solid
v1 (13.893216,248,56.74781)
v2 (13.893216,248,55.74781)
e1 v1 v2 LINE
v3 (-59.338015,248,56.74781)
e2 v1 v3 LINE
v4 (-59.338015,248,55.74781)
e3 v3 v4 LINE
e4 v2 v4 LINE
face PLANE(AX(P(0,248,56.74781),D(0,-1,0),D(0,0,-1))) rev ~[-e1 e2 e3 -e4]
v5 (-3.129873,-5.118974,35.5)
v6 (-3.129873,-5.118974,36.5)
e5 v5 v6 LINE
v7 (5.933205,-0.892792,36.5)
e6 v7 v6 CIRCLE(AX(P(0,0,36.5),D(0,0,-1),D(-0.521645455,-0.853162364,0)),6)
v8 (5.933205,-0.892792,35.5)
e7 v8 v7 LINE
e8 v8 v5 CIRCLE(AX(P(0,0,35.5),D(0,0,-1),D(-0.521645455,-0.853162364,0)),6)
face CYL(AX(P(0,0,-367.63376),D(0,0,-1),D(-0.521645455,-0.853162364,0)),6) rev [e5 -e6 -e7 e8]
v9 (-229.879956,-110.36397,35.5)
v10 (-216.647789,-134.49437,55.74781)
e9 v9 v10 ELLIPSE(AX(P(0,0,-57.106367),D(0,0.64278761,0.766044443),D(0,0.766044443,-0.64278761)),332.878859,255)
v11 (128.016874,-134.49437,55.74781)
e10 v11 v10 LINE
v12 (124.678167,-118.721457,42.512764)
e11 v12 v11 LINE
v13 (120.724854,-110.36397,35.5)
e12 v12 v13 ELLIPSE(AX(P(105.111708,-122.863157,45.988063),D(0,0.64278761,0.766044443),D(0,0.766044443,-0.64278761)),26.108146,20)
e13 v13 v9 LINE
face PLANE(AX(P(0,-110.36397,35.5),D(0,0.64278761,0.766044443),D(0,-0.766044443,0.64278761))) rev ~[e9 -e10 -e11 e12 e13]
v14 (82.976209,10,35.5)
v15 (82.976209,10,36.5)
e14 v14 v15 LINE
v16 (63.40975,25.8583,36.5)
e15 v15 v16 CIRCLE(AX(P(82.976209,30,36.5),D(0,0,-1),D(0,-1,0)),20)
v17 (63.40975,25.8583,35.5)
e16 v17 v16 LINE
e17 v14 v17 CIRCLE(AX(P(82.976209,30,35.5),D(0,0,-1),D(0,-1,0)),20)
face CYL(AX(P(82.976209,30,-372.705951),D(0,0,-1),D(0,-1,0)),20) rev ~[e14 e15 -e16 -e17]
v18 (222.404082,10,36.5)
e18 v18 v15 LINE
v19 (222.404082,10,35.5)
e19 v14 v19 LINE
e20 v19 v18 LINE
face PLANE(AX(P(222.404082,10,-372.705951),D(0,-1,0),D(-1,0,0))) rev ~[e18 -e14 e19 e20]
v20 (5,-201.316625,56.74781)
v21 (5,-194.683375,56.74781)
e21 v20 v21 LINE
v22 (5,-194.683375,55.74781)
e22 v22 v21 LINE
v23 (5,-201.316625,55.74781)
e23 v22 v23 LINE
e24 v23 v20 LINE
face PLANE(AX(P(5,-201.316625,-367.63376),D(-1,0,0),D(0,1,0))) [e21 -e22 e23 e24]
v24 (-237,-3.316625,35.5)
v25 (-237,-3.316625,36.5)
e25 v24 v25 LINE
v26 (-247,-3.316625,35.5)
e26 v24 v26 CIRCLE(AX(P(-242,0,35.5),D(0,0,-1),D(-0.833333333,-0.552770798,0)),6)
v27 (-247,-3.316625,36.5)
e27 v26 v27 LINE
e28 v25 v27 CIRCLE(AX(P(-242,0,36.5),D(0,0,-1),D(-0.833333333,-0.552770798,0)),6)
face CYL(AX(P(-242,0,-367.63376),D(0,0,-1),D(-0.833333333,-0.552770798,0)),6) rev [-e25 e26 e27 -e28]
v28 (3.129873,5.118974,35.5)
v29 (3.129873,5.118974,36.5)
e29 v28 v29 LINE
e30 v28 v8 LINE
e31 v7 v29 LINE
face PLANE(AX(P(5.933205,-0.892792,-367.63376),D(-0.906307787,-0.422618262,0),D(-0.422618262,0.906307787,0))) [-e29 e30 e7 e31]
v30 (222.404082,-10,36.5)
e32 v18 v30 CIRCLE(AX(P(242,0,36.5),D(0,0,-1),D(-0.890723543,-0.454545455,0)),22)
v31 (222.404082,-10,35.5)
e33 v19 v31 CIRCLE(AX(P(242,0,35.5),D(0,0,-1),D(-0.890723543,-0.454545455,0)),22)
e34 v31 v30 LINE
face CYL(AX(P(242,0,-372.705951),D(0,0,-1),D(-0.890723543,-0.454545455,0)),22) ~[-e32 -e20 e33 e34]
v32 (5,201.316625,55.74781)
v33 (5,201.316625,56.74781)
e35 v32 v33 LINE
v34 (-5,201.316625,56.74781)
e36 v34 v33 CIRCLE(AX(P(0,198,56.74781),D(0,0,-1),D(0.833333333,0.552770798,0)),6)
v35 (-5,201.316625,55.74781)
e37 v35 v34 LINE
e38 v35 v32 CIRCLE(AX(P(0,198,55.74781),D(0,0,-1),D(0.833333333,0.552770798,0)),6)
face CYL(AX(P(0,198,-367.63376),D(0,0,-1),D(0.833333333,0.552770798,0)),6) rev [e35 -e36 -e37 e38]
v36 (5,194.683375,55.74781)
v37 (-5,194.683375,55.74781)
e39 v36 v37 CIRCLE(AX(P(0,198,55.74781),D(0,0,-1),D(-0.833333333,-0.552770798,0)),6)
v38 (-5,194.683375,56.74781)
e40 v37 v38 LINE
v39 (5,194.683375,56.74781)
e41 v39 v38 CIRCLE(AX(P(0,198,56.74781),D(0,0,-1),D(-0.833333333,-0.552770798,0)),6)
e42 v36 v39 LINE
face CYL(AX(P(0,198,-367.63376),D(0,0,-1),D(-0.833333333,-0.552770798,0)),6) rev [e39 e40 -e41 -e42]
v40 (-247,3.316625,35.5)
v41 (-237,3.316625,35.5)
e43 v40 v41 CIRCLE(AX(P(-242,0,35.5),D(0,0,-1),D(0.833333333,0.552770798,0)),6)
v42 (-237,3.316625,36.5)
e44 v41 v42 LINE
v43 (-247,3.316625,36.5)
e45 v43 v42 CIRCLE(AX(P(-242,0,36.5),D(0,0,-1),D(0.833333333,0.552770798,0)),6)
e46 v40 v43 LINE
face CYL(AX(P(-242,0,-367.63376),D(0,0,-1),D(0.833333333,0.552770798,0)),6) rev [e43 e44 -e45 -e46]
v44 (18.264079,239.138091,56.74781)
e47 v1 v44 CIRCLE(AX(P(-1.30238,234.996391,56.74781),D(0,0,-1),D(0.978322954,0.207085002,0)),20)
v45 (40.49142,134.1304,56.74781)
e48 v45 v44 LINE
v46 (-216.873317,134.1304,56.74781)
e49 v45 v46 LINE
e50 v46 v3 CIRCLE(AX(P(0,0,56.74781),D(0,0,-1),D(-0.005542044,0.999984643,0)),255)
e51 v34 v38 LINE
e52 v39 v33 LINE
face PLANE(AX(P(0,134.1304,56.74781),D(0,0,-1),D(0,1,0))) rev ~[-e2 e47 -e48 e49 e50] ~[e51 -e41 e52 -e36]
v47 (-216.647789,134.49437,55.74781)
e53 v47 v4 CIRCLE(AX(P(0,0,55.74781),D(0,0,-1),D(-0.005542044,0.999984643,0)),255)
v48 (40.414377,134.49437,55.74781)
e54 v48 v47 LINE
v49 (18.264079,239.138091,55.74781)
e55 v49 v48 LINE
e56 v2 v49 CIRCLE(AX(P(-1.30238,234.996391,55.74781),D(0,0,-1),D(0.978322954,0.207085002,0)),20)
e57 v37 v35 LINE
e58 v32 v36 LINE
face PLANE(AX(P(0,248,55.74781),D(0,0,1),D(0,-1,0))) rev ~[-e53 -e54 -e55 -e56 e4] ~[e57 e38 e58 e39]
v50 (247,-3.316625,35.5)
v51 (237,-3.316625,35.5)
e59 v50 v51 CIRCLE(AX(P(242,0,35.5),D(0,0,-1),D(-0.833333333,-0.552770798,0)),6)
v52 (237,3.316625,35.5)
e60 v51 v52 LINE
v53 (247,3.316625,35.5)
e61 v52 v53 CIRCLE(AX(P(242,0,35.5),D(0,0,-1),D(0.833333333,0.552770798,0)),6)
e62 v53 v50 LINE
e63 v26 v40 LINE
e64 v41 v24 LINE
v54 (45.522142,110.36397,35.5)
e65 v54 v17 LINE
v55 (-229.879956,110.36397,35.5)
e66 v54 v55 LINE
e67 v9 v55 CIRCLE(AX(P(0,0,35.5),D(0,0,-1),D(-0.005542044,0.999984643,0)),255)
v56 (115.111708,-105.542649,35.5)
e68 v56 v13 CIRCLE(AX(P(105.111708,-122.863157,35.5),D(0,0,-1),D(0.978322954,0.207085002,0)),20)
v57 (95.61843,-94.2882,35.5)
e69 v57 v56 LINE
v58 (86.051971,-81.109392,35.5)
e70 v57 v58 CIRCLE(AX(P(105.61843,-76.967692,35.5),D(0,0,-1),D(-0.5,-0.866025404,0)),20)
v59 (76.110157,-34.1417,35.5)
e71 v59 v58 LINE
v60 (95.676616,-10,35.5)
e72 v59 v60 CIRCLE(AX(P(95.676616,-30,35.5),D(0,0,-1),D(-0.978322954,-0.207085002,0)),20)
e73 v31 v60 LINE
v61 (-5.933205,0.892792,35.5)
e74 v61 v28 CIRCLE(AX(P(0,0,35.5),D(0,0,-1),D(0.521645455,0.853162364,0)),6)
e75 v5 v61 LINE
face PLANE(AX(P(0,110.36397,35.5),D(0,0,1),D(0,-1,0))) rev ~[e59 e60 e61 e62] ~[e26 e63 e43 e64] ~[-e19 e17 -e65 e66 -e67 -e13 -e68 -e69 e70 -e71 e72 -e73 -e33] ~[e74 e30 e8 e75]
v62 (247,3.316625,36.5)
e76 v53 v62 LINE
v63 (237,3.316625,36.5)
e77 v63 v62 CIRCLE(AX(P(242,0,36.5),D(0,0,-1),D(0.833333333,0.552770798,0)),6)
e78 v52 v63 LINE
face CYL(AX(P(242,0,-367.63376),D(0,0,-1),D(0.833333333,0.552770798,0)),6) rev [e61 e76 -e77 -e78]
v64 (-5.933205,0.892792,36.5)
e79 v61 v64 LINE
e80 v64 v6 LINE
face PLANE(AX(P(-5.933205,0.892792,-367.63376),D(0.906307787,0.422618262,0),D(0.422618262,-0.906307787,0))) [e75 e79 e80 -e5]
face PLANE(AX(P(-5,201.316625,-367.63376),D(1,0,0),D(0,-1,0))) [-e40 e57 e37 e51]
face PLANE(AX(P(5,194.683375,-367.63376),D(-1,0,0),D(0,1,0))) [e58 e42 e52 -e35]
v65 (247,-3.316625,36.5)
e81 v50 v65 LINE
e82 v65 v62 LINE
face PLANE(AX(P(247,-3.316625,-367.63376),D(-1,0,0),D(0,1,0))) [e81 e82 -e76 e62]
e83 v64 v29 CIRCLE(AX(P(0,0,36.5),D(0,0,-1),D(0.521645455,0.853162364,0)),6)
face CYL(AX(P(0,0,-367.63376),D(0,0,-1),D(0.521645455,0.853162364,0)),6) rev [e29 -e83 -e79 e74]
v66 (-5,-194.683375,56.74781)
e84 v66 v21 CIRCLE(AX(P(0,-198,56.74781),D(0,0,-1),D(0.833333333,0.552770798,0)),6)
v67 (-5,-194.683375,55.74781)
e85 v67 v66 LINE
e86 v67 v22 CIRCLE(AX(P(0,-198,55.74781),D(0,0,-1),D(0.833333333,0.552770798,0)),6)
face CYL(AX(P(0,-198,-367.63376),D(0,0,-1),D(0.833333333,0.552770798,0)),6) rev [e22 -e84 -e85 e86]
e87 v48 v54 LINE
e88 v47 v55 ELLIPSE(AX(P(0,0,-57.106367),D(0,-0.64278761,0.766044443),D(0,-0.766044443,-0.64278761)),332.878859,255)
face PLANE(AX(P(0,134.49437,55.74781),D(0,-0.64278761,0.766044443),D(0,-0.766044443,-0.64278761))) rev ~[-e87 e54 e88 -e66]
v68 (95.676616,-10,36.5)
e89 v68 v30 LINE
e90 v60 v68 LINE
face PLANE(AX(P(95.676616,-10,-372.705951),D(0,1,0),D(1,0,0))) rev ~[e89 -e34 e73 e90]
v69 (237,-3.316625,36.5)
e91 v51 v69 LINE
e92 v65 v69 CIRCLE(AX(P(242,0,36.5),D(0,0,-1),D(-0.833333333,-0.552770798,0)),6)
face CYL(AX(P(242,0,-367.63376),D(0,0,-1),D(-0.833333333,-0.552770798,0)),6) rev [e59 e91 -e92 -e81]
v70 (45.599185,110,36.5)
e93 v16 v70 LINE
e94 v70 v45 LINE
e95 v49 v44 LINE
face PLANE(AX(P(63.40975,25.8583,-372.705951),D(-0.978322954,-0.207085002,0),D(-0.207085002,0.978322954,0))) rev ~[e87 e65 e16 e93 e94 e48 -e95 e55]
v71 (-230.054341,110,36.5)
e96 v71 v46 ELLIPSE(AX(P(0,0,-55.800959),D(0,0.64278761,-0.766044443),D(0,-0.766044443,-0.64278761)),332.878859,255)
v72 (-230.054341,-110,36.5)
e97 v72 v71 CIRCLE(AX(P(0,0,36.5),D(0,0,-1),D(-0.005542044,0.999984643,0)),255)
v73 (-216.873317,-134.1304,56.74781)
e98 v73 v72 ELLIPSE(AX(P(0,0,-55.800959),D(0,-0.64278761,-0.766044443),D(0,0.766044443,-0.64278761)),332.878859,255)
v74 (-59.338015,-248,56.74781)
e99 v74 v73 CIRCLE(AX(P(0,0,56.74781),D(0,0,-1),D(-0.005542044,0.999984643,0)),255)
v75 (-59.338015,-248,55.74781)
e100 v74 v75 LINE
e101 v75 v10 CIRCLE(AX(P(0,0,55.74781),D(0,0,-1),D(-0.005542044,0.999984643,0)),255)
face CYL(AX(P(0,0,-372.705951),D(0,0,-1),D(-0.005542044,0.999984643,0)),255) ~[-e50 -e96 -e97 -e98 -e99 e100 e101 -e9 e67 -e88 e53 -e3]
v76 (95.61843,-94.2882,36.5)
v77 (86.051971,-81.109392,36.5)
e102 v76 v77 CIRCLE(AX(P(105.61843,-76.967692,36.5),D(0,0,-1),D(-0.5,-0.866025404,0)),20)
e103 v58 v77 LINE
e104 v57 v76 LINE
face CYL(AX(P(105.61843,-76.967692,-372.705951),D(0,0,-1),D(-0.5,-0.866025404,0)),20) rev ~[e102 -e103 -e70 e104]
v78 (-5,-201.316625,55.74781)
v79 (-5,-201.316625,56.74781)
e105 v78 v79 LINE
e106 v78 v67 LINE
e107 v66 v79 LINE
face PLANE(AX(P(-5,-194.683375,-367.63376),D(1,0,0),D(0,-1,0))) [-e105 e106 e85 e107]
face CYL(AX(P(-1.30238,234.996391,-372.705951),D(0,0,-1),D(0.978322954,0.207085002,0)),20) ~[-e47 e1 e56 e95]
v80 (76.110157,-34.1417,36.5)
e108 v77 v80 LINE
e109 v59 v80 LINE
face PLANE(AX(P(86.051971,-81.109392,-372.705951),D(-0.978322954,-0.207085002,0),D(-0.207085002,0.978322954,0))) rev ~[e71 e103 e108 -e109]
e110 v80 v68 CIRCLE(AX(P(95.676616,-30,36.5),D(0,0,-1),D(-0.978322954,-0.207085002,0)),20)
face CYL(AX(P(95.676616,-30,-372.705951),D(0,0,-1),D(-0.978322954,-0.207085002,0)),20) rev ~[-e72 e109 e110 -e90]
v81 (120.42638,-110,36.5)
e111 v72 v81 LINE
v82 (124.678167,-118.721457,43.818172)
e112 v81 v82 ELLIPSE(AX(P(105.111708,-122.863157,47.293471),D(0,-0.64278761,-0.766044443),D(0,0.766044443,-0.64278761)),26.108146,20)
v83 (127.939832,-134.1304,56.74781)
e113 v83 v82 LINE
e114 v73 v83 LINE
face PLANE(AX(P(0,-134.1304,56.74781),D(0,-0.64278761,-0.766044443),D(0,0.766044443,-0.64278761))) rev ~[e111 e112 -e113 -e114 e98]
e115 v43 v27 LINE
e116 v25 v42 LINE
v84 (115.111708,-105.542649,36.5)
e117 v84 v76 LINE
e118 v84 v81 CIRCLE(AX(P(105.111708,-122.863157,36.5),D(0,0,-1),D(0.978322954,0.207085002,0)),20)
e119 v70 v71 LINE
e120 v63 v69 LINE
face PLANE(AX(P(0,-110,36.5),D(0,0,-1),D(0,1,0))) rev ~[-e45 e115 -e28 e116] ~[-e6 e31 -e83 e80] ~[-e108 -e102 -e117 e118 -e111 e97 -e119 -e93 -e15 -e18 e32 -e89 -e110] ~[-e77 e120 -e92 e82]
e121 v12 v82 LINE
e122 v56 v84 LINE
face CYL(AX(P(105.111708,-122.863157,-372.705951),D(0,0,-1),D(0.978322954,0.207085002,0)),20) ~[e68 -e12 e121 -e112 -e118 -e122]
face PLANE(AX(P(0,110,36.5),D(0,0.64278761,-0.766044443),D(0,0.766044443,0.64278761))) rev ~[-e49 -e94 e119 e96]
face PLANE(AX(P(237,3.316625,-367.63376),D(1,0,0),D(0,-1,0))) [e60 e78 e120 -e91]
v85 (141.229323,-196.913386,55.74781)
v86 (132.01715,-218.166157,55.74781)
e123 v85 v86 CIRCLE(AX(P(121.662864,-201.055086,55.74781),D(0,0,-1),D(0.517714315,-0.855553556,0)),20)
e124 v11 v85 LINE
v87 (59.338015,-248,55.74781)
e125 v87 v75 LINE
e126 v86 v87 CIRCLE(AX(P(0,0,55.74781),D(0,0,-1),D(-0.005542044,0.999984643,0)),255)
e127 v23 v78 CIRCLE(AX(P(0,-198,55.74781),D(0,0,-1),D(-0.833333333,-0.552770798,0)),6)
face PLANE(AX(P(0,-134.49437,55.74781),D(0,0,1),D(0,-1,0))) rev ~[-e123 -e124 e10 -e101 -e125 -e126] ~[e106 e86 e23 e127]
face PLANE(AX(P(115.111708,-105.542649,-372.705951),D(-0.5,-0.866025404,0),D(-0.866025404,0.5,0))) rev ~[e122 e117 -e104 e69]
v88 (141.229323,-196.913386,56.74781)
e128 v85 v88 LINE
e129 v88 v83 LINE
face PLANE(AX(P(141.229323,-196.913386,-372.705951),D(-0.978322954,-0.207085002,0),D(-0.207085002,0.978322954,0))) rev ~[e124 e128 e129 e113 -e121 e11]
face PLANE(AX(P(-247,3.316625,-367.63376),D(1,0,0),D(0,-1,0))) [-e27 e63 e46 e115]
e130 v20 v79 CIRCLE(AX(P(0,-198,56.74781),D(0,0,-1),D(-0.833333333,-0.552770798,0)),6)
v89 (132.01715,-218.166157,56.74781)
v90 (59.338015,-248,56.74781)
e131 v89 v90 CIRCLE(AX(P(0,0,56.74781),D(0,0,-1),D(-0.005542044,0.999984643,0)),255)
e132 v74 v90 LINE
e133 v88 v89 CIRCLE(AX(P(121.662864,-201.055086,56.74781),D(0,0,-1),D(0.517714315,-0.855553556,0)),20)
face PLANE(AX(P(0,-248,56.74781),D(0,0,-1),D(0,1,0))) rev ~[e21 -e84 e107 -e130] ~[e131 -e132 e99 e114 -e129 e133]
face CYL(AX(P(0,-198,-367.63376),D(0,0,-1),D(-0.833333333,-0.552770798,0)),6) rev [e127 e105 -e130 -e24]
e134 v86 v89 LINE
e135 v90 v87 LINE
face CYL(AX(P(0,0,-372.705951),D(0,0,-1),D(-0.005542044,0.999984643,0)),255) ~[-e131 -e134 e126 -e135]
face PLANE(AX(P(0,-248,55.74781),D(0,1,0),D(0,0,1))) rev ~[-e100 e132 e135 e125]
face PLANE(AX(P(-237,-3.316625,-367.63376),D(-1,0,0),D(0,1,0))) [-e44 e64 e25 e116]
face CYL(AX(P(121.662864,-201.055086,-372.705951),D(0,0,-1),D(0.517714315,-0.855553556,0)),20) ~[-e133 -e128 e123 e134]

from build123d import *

# Parameters (mm, degrees)
SALIENTE_EXTRUIR1_DEPTH    = 271
CORTAR_EXTRUIR6_DEPTH      = 372.705950862
CORTAR_EXTRUIR6_DEPTH_BACK = 372.705950862
CROQUIS2_W                 = 769.435607064
CROQUIS2_H                 = 651.661171996
CORTAR_EXTRUIR9_DEPTH      = 367.633759911
CORTAR_EXTRUIR9_DEPTH_BACK = 367.633759911


with BuildPart() as part:
    # Croquis1 → Saliente-Extruir1 (new, symmetric)
    with BuildSketch(Plane(origin=(0, 0, 0), x_dir=(0, 0, -1), z_dir=(1, 0, 0))):
        Polygon((-36.5, -110), (-36.5, 110), (-56.747809705, 134.130399958), (-56.747809705, 248), (-55.747809705, 248), (-55.747809705, 134.494370193), (-35.5, 110.363970234), (-35.5, -110.363970234), (-55.747809705, -134.494370193), (-55.747809705, -248), (-56.747809705, -248), (-56.747809705, -134.130399958), align=None)
    extrude(amount=SALIENTE_EXTRUIR1_DEPTH, both=True)

    # Croquis2 → Cortar-Extruir6 (cut, two sides: drawn at the far end of the back side and taken through both)
    with BuildSketch(Plane.XY.offset(-CORTAR_EXTRUIR6_DEPTH_BACK)):
        Rectangle(CROQUIS2_W, CROQUIS2_H)
        with BuildLine():
            ThreePointArc((18.264078831, 239.138091094), (11.247490428, 250.568826506), (-1.413221116, 254.996083903))
            ThreePointArc((-1.413221116, 254.996083903), (-245.428142449, -69.210020185), (132.017150423, -218.166156849))
            ThreePointArc((132.017150423, -218.166156849), (140.013145358, -209.009152502), (141.22932319, -196.913385678))
            Line((141.22932319, -196.913385678), (124.678167335, -118.72145722))
            ThreePointArc((124.678167335, -118.72145722), (121.297013967, -111.114290122), (115.11170826, -105.54264919))
            Line((115.11170826, -105.54264919), (95.618429873, -94.288199666))
            ThreePointArc((95.618429873, -94.288199666), (89.433124166, -88.716558735), (86.051970798, -81.109391636))
            Line((86.051970798, -81.109391636), (76.110157122, -34.141700046))
            ThreePointArc((76.110157122, -34.141700046), (80.139016625, -17.407025787), (95.676616197, -10))
            Line((95.676616197, -10), (222.404082058, -10))
            ThreePointArc((222.404082058, -10), (264, 0), (222.404082058, 10))
            Line((222.404082058, 10), (82.976208739, 10))
            ThreePointArc((82.976208739, 10), (70.383234525, 14.462400428), (63.409749664, 25.858299954))
            Line((63.409749664, 25.858299954), (18.264078831, 239.138091094))
        make_face(mode=Mode.SUBTRACT)
    extrude(amount=CORTAR_EXTRUIR6_DEPTH + CORTAR_EXTRUIR6_DEPTH_BACK, mode=Mode.SUBTRACT)

    # Croquis4 → Cortar-Extruir9 (cut, two sides: drawn at the far end of the back side and taken through both)
    with BuildSketch(Plane.XY.offset(-CORTAR_EXTRUIR9_DEPTH_BACK)):
        with BuildLine():
            Line((-5, 201.31662479), (-5, 194.68337521))
            ThreePointArc((-5, 194.68337521), (0, 192), (5, 194.68337521))
            Line((5, 194.68337521), (5, 201.31662479))
            ThreePointArc((5, 201.31662479), (0, 204), (-5, 201.31662479))
        make_face()
        with BuildLine():
            Line((5, -201.31662479), (5, -194.68337521))
            ThreePointArc((5, -194.68337521), (0, -192), (-5, -194.68337521))
            Line((-5, -194.68337521), (-5, -201.31662479))
            ThreePointArc((-5, -201.31662479), (0, -204), (5, -201.31662479))
        make_face()
        with BuildLine():
            Line((-247, 3.31662479), (-247, -3.31662479))
            ThreePointArc((-247, -3.31662479), (-242, -6), (-237, -3.31662479))
            Line((-237, -3.31662479), (-237, 3.31662479))
            ThreePointArc((-237, 3.31662479), (-242, 6), (-247, 3.31662479))
        make_face()
        with BuildLine():
            Line((237, 3.31662479), (237, -3.31662479))
            ThreePointArc((237, -3.31662479), (242, -6), (247, -3.31662479))
            Line((247, -3.31662479), (247, 3.31662479))
            ThreePointArc((247, 3.31662479), (242, 6), (237, 3.31662479))
        make_face()
        with BuildLine():
            Line((-5.933205139, 0.892791565), (-3.129872731, -5.118974183))
            ThreePointArc((-3.129872731, -5.118974183), (2.53570957, -5.437846722), (5.933205139, -0.892791565))
            Line((5.933205139, -0.892791565), (3.129872731, 5.118974183))
            ThreePointArc((3.129872731, 5.118974183), (-2.53570957, 5.437846722), (-5.933205139, 0.892791565))
        make_face()
    extrude(amount=CORTAR_EXTRUIR9_DEPTH + CORTAR_EXTRUIR9_DEPTH_BACK, mode=Mode.SUBTRACT)


solid = part.part
